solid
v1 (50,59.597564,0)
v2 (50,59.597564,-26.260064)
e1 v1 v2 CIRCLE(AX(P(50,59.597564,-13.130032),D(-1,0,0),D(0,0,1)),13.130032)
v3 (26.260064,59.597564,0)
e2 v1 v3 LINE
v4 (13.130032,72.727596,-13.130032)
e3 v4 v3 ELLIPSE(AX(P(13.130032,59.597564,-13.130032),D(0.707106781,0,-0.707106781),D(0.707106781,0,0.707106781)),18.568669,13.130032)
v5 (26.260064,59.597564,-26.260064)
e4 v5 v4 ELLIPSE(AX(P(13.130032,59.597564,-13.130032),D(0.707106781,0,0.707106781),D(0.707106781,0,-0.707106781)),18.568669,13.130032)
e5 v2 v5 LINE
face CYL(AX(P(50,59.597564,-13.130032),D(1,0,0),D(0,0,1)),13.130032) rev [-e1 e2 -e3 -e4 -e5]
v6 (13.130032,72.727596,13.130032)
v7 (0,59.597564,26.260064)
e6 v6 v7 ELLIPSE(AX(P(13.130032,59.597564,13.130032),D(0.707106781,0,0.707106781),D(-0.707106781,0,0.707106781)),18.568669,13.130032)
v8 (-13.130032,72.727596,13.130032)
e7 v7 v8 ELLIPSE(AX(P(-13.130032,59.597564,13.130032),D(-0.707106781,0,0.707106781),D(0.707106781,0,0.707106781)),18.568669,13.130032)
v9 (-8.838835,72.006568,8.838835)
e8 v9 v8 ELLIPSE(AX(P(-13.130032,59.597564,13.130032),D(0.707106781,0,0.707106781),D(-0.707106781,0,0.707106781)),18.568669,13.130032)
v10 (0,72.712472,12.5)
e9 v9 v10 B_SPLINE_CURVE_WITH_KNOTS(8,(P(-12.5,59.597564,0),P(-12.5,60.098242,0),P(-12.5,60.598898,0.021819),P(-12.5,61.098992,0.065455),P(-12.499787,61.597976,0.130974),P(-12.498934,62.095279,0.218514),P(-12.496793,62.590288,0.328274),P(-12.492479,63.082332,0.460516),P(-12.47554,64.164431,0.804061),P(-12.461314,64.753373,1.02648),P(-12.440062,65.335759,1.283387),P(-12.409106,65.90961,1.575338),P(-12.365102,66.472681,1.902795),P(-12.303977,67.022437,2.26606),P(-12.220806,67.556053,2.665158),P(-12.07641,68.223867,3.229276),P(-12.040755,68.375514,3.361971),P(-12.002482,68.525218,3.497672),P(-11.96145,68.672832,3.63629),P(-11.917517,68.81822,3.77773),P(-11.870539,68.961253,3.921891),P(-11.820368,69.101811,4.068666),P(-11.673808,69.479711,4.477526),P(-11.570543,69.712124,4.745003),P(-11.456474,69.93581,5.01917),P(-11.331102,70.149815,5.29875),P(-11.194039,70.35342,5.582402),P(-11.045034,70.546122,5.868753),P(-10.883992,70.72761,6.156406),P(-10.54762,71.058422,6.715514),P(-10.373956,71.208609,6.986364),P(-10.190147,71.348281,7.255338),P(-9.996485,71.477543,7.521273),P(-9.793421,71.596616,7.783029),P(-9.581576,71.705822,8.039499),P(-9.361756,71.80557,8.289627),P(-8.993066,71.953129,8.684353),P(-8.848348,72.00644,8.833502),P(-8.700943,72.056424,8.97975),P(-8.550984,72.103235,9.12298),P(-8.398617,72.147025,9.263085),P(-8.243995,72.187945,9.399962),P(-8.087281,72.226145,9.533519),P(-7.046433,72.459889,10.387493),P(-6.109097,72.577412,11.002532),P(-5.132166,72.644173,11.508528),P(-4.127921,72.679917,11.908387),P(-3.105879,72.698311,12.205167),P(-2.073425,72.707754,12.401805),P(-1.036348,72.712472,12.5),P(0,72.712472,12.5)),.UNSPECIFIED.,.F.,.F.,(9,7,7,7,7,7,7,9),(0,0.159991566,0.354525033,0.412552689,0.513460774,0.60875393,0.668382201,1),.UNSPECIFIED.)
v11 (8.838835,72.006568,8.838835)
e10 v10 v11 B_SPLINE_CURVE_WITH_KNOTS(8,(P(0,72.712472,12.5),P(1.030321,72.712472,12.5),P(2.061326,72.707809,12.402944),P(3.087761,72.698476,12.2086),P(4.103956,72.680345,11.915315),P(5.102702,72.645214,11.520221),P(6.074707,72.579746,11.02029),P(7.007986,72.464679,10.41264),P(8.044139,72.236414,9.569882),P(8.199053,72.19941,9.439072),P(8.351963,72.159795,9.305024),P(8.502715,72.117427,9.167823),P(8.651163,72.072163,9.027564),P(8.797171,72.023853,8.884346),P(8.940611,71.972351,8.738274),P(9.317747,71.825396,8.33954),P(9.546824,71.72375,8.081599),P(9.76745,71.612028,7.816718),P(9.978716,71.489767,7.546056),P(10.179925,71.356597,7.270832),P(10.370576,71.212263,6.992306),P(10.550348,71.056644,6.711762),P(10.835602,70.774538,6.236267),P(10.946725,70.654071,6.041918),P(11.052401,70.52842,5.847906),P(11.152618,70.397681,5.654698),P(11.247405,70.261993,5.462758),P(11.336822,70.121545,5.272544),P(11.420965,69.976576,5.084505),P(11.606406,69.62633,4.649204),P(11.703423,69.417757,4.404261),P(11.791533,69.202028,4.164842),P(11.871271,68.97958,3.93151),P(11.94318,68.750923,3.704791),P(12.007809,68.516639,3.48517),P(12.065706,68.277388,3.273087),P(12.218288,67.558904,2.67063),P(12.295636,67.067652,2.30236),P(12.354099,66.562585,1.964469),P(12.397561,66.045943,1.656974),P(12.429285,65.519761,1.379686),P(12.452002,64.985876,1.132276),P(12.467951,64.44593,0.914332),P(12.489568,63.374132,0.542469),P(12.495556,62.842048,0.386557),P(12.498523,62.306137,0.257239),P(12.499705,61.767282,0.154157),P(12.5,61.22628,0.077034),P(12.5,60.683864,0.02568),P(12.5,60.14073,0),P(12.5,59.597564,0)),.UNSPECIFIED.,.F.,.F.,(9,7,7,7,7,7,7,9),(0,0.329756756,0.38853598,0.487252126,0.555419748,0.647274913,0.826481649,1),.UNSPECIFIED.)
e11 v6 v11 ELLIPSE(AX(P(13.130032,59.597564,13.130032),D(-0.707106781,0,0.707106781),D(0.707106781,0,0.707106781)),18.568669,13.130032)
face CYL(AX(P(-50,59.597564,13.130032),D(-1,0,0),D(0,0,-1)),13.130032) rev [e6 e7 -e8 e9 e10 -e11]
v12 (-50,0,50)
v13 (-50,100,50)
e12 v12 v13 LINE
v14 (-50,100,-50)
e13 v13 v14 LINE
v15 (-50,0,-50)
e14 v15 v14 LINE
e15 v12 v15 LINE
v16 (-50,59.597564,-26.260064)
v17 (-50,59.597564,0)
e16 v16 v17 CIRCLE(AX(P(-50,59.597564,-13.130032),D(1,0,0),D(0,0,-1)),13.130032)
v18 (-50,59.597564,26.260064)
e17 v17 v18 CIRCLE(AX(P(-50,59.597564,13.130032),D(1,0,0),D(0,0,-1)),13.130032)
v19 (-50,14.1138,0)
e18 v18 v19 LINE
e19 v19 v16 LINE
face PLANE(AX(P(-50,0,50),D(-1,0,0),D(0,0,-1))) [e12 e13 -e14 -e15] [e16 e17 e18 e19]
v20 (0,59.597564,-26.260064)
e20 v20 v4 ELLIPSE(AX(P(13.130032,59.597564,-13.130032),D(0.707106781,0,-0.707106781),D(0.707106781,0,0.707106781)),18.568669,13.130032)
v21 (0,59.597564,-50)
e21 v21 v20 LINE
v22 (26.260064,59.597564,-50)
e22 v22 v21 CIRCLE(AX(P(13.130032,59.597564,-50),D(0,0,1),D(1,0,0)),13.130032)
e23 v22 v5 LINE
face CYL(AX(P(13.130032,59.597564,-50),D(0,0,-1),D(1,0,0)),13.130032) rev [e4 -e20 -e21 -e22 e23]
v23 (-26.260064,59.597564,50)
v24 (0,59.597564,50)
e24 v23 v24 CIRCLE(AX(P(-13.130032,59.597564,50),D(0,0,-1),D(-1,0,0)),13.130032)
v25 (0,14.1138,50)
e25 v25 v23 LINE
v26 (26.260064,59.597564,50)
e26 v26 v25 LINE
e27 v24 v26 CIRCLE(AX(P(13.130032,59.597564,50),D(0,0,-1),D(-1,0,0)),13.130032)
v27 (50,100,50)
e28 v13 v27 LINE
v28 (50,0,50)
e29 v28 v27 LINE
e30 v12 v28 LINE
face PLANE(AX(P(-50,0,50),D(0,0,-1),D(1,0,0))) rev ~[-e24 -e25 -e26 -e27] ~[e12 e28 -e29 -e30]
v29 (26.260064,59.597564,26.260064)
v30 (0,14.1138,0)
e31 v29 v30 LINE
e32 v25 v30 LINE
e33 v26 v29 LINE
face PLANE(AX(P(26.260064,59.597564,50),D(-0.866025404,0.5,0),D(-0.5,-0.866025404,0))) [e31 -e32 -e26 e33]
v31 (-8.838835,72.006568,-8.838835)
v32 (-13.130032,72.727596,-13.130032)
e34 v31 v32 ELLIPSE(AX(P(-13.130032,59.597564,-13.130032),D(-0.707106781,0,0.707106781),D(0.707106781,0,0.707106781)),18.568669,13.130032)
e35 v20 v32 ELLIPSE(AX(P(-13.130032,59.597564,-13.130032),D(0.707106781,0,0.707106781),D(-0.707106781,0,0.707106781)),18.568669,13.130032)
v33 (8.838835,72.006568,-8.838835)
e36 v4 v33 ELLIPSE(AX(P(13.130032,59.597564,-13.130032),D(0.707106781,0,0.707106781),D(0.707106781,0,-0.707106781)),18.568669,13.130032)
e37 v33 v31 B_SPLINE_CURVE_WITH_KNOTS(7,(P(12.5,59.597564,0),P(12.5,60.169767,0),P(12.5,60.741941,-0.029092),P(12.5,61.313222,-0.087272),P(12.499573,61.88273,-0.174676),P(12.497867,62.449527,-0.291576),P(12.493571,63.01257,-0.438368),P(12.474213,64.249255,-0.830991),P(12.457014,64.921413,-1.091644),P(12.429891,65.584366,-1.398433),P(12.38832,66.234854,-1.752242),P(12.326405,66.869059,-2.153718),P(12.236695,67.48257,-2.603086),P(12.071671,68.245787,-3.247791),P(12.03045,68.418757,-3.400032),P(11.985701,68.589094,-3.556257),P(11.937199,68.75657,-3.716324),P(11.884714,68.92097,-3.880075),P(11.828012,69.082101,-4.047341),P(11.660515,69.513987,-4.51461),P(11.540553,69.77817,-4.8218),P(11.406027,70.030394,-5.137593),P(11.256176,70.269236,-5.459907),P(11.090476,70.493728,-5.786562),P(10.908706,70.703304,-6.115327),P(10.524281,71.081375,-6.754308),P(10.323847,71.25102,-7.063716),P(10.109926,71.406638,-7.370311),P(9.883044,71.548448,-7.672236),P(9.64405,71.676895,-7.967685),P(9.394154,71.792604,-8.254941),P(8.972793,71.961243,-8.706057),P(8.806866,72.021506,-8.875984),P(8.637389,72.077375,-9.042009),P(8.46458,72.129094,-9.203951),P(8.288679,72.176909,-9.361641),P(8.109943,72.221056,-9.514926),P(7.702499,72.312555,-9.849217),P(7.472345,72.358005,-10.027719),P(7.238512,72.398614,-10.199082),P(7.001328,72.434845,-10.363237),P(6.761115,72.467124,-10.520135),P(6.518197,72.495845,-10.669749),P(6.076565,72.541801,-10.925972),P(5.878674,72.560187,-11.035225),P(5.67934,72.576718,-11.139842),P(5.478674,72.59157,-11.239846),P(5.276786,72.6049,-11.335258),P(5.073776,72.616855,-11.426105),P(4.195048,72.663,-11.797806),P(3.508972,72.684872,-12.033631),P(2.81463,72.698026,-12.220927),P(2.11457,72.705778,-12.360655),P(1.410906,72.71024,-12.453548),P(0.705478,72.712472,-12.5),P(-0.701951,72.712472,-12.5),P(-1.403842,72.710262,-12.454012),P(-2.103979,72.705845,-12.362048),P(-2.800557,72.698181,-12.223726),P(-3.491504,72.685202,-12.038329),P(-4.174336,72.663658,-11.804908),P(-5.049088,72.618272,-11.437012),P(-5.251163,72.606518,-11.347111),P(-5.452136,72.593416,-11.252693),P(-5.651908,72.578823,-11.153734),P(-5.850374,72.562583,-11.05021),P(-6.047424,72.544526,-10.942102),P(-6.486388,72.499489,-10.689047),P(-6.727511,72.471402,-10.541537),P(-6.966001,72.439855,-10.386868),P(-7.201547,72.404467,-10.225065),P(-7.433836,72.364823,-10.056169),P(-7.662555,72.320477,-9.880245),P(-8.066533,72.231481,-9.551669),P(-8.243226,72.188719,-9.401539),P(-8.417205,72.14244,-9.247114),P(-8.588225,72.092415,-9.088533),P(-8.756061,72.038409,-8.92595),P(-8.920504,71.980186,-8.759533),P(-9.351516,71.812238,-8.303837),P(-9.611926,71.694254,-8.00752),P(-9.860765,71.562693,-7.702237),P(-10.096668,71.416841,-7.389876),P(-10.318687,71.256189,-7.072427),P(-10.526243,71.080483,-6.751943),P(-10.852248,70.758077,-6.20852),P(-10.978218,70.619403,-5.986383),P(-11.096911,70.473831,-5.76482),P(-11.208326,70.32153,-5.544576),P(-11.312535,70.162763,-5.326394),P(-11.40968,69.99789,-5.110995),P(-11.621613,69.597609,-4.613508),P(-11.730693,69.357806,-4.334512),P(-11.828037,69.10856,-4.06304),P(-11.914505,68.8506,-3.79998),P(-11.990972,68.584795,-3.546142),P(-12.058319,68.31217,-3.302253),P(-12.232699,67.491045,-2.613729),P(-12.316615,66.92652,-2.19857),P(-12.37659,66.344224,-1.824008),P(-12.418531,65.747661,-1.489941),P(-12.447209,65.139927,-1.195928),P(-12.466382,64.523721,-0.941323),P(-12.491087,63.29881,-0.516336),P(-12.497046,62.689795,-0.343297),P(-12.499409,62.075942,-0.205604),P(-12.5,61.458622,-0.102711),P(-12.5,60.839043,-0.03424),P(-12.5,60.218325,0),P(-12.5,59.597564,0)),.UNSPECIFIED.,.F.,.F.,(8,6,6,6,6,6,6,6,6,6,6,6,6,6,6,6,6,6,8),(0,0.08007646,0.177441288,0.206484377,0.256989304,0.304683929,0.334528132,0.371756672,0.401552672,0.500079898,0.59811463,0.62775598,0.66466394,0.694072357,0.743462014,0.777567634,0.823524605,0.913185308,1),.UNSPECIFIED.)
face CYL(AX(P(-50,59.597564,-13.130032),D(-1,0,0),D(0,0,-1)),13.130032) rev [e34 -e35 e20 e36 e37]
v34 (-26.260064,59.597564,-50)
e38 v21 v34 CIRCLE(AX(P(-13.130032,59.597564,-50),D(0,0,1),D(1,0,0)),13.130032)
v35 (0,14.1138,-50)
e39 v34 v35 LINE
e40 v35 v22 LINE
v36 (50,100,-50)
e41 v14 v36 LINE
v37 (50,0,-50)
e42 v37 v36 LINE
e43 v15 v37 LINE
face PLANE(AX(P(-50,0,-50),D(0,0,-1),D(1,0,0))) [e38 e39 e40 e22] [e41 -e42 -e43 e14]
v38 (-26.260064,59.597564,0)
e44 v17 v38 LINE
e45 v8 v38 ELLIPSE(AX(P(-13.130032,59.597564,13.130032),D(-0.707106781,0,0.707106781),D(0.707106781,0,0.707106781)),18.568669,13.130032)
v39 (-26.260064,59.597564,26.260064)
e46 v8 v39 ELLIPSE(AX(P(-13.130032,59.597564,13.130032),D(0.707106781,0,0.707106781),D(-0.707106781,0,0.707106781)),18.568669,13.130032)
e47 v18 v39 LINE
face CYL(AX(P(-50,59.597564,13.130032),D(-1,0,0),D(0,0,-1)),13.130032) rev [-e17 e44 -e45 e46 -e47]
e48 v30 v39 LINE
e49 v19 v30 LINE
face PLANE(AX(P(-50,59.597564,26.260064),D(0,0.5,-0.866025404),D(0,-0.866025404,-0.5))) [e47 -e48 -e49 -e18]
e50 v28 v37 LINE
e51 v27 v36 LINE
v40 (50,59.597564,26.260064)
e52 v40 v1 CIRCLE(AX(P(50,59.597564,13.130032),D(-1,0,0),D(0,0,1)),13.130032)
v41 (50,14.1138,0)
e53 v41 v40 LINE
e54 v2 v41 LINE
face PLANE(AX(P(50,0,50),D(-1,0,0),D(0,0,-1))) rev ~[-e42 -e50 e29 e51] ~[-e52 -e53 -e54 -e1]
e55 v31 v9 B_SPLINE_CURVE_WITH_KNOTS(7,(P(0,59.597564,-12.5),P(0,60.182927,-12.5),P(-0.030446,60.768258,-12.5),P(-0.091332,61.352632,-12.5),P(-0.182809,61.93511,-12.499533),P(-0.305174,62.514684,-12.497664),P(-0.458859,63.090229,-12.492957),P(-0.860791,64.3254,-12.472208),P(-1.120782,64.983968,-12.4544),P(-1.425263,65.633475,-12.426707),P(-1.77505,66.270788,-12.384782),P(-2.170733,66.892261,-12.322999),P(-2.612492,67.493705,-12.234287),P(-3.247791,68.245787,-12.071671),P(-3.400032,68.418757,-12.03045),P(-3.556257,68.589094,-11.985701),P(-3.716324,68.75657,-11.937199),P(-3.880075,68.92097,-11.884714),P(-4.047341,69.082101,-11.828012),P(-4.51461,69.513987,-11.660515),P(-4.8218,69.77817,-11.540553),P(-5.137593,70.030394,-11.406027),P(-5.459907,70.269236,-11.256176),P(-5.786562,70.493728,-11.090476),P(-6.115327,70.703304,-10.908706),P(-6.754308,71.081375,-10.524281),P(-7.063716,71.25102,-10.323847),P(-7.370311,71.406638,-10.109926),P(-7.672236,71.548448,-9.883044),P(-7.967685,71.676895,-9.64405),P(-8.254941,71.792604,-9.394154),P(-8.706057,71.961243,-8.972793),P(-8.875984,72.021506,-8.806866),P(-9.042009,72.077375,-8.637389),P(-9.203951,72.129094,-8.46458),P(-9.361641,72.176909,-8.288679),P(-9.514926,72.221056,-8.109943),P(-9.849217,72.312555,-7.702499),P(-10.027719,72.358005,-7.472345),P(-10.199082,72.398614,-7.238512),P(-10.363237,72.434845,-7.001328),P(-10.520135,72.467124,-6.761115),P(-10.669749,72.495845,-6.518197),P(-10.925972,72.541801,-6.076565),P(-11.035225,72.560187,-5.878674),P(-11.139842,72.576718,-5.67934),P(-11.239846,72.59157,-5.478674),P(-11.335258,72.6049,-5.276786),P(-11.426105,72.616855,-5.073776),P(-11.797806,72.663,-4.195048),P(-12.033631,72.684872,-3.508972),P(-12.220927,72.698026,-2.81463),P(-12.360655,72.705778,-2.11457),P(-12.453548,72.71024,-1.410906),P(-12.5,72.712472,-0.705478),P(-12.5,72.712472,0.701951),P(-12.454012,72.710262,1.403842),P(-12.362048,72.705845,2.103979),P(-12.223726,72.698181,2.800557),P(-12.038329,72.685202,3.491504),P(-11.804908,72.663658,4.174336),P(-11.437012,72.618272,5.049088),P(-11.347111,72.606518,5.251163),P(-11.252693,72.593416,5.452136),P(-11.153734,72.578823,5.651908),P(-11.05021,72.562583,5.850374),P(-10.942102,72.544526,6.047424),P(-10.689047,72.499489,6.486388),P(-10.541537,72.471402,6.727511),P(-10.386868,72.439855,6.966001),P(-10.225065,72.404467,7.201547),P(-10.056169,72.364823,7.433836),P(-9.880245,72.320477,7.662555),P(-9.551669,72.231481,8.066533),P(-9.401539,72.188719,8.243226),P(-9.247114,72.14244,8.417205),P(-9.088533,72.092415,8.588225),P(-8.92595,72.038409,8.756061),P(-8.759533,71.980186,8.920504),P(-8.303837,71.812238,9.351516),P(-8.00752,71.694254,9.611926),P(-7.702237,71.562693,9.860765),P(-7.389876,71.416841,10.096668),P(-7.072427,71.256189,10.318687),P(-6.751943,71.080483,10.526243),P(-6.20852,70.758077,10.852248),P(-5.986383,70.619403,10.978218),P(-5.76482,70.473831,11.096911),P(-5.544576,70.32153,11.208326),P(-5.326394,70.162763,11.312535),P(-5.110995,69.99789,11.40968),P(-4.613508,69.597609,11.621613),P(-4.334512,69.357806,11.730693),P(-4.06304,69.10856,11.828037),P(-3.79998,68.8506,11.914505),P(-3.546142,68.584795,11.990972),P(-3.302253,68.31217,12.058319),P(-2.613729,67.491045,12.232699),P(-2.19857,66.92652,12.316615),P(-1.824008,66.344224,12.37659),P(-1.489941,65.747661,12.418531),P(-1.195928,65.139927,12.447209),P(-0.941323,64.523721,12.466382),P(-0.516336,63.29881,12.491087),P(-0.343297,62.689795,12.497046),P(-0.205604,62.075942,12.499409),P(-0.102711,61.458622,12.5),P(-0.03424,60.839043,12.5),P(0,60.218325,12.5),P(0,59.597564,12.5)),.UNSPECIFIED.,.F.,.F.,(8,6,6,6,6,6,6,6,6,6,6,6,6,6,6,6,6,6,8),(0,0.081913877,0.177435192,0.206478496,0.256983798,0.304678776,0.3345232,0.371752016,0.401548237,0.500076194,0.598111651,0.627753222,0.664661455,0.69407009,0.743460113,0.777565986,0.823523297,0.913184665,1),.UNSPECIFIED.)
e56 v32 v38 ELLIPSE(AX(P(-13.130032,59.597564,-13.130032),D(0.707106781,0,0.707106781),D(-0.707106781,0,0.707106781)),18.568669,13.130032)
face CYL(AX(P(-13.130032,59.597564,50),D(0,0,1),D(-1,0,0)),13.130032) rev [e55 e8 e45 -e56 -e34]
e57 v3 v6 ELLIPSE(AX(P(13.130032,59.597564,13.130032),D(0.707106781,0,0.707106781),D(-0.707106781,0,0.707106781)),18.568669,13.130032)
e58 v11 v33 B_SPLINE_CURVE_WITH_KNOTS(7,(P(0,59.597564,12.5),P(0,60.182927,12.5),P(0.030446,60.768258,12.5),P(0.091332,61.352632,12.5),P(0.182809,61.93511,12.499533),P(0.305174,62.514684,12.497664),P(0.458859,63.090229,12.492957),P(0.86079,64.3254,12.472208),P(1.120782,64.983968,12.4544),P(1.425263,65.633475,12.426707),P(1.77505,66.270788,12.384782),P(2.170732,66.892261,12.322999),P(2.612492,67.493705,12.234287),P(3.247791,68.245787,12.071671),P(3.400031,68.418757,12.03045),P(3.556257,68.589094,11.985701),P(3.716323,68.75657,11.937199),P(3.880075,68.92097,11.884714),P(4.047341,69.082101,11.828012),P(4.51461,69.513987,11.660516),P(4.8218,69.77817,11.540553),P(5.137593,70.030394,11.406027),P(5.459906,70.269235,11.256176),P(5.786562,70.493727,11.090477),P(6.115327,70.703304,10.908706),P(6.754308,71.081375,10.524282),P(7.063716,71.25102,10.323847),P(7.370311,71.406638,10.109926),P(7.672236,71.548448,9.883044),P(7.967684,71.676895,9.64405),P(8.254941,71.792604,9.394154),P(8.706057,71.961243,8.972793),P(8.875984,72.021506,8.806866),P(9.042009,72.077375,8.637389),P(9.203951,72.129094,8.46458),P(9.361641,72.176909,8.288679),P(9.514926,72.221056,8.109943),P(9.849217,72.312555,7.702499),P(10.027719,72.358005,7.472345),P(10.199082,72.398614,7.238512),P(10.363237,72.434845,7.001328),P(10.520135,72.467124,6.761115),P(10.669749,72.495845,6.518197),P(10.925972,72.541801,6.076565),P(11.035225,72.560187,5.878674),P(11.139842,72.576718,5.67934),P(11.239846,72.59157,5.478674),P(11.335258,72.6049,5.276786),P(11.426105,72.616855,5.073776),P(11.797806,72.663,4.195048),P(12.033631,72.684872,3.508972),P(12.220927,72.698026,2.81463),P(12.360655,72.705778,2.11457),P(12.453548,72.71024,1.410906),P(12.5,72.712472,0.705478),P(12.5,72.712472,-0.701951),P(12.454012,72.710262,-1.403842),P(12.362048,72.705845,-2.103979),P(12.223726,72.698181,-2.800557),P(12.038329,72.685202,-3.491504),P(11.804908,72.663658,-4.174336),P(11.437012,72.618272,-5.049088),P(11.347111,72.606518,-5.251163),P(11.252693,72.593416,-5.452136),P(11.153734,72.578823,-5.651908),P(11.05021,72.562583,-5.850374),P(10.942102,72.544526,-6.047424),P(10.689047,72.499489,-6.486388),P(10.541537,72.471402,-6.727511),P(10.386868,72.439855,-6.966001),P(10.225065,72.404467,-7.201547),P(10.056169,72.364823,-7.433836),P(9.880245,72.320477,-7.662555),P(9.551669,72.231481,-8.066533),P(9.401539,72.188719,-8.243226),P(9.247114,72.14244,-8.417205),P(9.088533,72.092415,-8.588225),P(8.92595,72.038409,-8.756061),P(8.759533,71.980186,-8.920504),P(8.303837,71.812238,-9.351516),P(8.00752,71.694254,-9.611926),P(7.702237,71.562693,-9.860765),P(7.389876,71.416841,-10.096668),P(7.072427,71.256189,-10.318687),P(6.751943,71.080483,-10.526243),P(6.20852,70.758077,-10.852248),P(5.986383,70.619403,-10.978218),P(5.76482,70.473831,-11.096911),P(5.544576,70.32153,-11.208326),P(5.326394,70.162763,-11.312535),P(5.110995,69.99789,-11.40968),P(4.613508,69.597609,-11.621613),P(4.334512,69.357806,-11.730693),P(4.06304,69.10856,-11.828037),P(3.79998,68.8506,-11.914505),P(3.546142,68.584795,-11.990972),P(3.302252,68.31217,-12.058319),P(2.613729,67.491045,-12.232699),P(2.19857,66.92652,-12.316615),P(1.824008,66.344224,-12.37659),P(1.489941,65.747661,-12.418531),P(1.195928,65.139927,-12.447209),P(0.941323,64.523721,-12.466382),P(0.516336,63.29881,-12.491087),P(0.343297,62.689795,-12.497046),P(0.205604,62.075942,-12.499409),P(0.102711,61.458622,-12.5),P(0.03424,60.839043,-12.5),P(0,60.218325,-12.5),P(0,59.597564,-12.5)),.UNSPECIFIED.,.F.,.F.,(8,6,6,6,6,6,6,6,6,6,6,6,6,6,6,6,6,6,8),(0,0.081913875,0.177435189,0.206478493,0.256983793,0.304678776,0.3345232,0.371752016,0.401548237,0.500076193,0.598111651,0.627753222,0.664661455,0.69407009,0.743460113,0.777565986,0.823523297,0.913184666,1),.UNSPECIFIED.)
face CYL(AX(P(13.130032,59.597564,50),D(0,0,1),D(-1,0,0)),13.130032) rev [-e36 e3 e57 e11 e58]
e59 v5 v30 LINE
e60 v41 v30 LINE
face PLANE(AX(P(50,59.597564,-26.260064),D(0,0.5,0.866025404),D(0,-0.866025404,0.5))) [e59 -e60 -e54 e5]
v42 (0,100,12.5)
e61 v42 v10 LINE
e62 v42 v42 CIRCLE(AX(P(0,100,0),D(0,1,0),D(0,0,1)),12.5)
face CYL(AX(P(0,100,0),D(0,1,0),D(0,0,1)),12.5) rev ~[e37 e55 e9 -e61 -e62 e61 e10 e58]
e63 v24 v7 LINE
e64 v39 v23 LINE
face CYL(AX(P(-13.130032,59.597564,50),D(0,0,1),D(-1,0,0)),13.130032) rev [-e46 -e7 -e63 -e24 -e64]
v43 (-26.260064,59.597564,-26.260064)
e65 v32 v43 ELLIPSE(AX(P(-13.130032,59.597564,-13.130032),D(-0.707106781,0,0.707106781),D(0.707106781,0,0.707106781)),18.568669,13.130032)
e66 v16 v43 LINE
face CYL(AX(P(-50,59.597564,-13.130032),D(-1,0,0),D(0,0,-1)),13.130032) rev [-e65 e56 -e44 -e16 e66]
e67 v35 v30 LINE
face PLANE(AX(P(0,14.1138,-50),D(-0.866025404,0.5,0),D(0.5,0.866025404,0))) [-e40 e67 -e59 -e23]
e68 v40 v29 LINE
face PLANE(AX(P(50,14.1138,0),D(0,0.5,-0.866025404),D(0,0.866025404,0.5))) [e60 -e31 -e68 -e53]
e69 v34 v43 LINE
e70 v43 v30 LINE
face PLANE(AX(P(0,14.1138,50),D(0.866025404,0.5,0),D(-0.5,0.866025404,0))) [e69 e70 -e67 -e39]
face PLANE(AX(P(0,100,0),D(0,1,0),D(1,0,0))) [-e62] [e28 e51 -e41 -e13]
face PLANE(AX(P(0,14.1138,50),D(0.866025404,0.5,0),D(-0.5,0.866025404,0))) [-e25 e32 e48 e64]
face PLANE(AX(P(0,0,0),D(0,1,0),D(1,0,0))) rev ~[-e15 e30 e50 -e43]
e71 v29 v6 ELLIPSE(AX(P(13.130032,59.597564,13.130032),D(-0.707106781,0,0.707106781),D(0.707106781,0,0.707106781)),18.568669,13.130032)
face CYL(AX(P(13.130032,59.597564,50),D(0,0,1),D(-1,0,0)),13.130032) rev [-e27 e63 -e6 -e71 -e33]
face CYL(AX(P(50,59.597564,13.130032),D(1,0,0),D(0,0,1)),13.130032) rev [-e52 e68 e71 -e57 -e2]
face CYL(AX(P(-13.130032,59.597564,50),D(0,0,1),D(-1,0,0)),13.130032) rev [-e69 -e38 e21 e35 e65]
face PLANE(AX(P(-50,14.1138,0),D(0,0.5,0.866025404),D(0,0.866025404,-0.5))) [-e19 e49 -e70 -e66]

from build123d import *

# Parameters (mm, degrees)
SKETCH1_W           = 100
SKETCH1_H           = 100
BOSS_EXTRUDE1_DEPTH = 100
CUT_EXTRUDE1_DEPTH  = 50
CIRPATTERN1_COUNT   = 4
SKETCH3_R           = 12.5
CUT_EXTRUDE2_DEPTH  = 50


with BuildPart() as part:
    # Sketch1 → Boss-Extrude1 (new body)
    with BuildSketch(Plane(origin=(0, 0, 0), x_dir=(1, 0, 0), z_dir=(0, 1, 0))):
        Rectangle(SKETCH1_W, SKETCH1_H)
    extrude(amount=BOSS_EXTRUDE1_DEPTH)

    # Sketch2 → Cut-Extrude1 (cut)
    with BuildSketch(Plane.XY.offset(50)):
        with BuildLine():
            Line((0, 14.113800065), (-26.260063577, 59.59756439))
            ThreePointArc((-26.260063577, 59.59756439), (-13.130031788, 72.727596179), (0, 59.59756439))
            ThreePointArc((0, 59.59756439), (13.130031788, 72.727596179), (26.260063577, 59.59756439))
            Line((26.260063577, 59.59756439), (0, 14.113800065))
        make_face()
    cut_extrude1 = extrude(amount=-CUT_EXTRUDE1_DEPTH, mode=Mode.SUBTRACT)

    # CirPattern1: Cut-Extrude1 ×4 about axis
    cirpattern1_axis = Axis((0, -5, 0), (0, 1, 0))
    for i in range(1, CIRPATTERN1_COUNT):
        add(cut_extrude1.rotate(cirpattern1_axis, i * 360 / CIRPATTERN1_COUNT), mode=Mode.SUBTRACT)

    # Sketch3 → Cut-Extrude2 (cut)
    with BuildSketch(Plane(origin=(0, 100, 0), x_dir=(1, 0, 0), z_dir=(0, 1, 0))):
        Circle(SKETCH3_R)
    extrude(amount=-CUT_EXTRUDE2_DEPTH, mode=Mode.SUBTRACT)


solid = part.part
